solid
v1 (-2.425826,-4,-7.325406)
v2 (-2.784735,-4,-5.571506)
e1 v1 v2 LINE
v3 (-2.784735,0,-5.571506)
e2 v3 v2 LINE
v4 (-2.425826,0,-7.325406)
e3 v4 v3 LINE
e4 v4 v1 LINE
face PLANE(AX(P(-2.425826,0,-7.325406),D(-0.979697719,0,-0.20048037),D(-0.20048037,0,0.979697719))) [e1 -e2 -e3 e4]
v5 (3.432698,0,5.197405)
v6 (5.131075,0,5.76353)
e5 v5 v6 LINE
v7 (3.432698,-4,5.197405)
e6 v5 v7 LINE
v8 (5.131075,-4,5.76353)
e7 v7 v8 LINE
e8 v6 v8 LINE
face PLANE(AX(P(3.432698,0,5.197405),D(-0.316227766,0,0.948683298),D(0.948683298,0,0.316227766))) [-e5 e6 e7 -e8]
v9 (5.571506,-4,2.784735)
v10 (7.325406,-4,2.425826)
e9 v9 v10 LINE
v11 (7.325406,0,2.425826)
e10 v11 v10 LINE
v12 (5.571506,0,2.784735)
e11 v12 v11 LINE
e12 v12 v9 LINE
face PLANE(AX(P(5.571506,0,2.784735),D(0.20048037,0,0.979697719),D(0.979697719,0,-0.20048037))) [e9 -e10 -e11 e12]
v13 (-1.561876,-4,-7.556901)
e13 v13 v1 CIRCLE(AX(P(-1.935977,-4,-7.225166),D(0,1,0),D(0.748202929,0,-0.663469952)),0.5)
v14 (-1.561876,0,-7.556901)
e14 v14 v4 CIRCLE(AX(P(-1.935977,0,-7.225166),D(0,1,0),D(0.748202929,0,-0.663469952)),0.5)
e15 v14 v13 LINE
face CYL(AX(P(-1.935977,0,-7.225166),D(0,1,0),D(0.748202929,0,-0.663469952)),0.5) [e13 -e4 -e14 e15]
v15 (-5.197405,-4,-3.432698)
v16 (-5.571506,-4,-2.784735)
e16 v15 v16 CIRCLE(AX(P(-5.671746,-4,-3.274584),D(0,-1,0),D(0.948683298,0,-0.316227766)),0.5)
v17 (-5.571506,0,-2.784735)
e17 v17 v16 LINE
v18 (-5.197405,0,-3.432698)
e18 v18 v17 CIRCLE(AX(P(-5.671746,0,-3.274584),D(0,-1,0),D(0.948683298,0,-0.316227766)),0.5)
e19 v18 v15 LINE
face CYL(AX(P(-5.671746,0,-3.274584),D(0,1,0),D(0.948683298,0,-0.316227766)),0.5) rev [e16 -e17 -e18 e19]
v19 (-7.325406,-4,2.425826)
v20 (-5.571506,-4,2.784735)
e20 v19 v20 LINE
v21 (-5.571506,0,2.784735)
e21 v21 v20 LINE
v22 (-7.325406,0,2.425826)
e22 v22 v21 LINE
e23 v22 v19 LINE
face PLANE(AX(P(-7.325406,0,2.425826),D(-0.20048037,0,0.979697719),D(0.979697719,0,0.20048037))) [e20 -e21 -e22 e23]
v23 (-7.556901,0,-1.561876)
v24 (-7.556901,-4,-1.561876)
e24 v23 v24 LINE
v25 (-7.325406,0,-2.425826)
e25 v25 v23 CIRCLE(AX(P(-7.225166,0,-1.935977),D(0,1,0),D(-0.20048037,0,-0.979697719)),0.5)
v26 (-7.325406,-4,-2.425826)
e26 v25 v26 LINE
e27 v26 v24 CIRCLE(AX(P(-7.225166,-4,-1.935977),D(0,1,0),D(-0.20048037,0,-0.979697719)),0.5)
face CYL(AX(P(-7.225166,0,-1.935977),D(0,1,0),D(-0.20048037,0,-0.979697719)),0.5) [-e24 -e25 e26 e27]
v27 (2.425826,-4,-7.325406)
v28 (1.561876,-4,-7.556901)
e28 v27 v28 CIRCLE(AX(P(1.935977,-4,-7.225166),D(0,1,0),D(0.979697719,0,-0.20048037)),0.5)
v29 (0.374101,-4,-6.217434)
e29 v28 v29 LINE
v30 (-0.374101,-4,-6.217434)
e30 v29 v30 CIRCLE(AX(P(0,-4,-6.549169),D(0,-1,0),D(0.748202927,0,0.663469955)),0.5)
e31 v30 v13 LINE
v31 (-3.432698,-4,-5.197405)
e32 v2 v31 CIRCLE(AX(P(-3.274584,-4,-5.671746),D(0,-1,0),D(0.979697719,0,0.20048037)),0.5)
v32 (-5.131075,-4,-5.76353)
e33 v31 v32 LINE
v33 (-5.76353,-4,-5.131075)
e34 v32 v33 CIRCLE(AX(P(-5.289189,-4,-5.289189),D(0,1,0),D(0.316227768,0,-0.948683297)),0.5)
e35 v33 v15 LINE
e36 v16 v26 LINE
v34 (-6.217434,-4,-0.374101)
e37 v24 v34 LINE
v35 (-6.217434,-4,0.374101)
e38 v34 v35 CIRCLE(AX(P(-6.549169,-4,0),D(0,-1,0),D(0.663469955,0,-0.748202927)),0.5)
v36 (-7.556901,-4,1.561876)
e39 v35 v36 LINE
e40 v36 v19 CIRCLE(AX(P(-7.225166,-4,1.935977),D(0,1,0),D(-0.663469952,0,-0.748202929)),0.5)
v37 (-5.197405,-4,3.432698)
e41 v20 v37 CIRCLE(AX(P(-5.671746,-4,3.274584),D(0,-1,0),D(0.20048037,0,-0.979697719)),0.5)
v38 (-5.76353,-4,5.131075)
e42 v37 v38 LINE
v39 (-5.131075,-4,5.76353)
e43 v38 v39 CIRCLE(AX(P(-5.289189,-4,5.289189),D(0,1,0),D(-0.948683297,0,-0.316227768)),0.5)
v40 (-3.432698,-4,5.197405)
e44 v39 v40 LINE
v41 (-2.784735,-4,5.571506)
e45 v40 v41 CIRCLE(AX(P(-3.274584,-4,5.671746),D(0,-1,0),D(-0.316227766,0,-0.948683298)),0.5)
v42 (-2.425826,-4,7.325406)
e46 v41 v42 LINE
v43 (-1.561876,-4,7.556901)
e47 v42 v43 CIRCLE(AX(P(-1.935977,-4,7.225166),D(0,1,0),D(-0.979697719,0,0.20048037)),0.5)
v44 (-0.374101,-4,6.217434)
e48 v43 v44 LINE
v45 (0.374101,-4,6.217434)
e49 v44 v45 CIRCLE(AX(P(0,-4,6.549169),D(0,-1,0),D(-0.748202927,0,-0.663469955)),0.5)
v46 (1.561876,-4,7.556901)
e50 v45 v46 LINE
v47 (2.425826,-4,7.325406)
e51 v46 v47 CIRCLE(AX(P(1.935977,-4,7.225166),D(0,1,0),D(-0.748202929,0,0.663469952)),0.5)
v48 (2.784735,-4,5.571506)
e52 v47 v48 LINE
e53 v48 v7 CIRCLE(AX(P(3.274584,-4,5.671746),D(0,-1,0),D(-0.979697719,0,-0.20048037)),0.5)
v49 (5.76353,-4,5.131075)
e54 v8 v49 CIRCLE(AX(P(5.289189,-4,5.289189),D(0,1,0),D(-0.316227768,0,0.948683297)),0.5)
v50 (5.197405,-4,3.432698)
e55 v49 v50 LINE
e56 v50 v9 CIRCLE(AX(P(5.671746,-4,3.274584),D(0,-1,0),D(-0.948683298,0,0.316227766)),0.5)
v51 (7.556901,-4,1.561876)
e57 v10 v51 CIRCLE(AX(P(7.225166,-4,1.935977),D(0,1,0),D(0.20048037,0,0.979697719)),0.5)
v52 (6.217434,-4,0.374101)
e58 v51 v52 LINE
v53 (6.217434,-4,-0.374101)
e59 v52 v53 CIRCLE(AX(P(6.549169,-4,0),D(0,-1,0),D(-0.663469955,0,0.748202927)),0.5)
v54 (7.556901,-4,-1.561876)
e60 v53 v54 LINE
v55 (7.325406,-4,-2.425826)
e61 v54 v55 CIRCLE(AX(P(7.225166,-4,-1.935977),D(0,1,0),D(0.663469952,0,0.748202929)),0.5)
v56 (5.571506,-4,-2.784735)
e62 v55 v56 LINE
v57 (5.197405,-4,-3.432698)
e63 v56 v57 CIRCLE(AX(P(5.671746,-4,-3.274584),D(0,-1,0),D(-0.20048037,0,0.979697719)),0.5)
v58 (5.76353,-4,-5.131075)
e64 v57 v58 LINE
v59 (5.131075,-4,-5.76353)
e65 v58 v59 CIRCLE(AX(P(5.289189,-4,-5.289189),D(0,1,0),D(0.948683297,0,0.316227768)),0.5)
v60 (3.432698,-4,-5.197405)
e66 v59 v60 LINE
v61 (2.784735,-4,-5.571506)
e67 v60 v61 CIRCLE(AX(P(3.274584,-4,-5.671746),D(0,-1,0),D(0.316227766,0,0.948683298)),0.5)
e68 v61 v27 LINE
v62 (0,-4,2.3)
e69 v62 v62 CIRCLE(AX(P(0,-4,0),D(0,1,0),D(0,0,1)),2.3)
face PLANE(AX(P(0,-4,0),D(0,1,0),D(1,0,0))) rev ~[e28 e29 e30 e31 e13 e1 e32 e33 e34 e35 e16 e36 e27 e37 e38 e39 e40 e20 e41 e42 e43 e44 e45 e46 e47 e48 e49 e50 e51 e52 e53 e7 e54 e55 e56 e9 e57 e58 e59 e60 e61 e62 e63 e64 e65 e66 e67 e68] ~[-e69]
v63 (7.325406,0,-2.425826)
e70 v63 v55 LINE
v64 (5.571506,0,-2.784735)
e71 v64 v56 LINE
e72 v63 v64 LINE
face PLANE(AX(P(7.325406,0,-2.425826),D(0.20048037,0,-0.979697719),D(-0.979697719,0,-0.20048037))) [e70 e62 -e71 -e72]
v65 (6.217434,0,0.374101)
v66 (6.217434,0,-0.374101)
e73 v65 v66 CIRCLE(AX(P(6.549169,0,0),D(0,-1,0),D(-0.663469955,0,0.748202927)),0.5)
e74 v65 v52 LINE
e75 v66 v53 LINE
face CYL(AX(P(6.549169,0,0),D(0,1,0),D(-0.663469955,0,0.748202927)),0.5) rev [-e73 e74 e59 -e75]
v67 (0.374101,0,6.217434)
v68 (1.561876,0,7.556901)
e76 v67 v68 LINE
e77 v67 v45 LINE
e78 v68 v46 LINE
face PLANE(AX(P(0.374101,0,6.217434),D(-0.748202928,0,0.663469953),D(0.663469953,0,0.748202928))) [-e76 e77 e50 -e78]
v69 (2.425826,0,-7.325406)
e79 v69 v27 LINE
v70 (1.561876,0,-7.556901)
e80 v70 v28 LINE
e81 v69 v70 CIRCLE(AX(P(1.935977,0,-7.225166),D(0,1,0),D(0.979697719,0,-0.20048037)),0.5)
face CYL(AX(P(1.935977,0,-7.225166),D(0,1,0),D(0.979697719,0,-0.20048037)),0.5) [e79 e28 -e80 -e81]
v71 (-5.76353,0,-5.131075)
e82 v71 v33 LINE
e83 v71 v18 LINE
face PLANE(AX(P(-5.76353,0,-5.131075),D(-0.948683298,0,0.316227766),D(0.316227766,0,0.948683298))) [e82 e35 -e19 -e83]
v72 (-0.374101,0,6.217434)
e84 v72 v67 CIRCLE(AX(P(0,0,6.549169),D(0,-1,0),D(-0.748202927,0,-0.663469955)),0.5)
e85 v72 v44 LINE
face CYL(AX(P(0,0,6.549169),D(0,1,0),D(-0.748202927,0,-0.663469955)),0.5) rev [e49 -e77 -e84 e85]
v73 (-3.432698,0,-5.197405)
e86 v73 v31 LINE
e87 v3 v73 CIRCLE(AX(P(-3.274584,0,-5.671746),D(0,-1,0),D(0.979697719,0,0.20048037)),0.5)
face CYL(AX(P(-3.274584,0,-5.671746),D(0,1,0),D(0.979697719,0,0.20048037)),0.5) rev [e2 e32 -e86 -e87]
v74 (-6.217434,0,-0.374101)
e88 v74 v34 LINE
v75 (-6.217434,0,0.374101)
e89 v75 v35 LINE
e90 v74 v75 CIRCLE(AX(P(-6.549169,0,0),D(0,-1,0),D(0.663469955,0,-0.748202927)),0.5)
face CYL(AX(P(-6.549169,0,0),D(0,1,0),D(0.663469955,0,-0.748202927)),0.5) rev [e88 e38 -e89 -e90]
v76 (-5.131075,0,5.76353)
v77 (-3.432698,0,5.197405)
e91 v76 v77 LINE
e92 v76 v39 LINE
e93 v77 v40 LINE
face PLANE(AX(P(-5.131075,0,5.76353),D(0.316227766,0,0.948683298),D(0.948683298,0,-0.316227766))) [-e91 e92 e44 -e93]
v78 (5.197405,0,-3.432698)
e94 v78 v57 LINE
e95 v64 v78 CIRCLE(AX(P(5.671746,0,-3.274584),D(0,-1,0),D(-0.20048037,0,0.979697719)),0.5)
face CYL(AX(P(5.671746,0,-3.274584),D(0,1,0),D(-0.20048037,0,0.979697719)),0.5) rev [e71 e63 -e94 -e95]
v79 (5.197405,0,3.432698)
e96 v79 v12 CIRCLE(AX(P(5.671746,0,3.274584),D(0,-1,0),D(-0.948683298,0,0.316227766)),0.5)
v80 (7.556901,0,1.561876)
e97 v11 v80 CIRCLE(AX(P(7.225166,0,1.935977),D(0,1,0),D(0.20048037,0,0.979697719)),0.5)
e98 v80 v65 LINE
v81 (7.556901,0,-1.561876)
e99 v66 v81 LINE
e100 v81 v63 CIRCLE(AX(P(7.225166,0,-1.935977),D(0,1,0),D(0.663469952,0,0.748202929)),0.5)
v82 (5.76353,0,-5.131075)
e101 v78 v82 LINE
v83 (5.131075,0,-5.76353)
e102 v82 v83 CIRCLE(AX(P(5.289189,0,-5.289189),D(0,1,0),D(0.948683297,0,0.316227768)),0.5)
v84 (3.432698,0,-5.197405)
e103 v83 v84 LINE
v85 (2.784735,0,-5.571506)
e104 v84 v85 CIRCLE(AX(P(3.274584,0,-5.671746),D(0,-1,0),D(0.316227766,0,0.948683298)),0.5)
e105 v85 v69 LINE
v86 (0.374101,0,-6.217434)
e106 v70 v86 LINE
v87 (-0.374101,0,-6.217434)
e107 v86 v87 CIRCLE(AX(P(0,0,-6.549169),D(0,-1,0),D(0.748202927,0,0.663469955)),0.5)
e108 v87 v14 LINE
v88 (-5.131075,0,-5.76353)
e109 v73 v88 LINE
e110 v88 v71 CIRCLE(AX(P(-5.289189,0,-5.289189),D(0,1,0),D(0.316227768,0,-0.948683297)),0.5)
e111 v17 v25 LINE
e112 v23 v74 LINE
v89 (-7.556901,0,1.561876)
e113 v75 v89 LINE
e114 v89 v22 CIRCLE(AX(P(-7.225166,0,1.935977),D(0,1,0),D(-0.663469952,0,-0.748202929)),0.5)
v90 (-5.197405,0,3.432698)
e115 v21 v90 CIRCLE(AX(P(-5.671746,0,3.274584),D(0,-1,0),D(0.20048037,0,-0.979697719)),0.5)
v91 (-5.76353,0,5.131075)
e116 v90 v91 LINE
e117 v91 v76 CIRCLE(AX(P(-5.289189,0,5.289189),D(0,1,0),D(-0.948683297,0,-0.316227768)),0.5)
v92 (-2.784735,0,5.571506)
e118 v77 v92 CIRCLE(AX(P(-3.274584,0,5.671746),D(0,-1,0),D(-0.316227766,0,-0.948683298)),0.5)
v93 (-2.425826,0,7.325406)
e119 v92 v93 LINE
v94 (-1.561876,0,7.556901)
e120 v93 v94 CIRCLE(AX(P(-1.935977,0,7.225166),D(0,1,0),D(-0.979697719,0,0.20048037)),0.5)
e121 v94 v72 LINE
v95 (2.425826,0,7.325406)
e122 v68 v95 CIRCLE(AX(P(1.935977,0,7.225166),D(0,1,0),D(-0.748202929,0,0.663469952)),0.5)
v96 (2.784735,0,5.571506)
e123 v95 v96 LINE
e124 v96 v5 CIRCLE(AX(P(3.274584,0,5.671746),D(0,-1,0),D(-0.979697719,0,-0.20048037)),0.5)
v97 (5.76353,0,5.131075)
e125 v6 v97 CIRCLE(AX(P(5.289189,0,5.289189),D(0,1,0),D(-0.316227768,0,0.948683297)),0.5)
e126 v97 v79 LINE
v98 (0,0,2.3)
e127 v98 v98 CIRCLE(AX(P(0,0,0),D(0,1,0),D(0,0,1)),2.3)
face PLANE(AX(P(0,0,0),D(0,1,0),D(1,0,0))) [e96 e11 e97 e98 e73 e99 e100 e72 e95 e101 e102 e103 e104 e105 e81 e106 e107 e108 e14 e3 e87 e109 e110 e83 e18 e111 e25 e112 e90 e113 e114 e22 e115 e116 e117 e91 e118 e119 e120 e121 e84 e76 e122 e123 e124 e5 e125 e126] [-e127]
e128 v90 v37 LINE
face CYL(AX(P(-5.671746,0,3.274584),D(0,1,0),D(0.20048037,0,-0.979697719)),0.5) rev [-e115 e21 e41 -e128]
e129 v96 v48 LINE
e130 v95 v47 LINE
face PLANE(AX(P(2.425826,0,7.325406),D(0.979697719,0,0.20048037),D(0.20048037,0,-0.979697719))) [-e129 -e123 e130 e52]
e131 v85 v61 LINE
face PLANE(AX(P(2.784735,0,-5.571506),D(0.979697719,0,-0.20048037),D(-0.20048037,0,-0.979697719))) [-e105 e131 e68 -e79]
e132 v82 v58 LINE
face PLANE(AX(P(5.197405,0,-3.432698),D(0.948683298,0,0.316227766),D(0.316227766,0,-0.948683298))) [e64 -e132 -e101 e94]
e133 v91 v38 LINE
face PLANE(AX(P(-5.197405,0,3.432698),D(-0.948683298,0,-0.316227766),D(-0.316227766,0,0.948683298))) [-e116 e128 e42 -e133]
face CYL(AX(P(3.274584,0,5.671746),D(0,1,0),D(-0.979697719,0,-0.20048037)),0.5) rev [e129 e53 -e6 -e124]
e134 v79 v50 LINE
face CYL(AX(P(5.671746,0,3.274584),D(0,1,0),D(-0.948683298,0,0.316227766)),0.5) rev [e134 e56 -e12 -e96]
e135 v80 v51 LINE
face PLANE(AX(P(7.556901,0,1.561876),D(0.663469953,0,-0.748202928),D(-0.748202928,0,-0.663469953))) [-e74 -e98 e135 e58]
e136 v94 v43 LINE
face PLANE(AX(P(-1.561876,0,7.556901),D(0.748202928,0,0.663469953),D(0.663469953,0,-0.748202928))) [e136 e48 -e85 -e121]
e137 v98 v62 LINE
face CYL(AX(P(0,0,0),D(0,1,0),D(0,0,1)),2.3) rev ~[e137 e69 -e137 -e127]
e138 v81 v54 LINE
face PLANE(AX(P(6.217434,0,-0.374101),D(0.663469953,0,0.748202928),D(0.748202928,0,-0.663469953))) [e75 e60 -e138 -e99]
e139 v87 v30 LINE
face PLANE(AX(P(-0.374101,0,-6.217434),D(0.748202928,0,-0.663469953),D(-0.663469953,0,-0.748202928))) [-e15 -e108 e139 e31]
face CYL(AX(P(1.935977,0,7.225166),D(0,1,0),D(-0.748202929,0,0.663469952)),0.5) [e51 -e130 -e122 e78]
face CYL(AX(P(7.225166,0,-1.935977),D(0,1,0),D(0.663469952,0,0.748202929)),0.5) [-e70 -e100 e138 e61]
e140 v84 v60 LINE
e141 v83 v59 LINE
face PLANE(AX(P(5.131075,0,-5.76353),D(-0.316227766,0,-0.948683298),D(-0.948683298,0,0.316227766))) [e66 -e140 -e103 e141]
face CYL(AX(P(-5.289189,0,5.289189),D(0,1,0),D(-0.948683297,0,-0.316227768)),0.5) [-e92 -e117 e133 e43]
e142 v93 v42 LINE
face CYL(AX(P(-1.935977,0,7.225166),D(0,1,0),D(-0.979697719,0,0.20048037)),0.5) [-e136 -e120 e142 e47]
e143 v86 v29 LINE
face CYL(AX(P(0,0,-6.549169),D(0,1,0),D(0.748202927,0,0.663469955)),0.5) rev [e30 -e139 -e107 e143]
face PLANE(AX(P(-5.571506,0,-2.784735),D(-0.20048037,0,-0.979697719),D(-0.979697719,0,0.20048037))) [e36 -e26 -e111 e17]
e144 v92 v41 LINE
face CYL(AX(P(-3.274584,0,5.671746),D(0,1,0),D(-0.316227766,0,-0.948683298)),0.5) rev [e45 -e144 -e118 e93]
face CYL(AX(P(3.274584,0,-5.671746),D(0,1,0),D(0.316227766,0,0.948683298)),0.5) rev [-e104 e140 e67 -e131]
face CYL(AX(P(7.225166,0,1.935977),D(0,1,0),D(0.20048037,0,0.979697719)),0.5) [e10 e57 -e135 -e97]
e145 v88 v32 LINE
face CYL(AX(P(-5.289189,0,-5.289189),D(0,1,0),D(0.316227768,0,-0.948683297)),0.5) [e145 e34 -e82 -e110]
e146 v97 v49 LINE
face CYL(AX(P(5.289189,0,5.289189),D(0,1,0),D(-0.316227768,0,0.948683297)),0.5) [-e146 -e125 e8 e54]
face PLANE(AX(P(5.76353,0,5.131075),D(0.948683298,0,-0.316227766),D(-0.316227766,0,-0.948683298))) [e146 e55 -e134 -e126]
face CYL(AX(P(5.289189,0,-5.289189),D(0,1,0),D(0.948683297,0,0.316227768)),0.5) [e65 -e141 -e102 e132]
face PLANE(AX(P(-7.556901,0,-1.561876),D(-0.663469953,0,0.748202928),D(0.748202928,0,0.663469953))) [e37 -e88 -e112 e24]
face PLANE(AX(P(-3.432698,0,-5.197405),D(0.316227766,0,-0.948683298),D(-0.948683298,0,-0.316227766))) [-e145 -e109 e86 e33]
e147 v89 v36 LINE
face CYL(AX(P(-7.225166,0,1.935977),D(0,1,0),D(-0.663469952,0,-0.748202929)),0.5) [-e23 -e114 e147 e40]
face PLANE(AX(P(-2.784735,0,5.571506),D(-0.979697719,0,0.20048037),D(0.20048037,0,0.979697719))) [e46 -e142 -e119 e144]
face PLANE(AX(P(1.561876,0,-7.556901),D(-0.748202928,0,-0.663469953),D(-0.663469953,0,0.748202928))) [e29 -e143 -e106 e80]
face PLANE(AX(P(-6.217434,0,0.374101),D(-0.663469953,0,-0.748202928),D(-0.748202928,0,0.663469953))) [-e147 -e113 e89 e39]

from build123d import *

# Parameters (mm, degrees)
SKETCH2_R           = 2.3
BOSS_EXTRUDE1_DEPTH = 4


with BuildPart() as part:
    # Sketch2 → Boss-Extrude1 (new body)
    with BuildSketch(Plane(origin=(0, 0, 0), x_dir=(1, 0, 0), z_dir=(0, 1, 0))):
        with BuildLine():
            Line((-2.784735434, -5.571506186), (-2.425826245, -7.32540615))
            ThreePointArc((-2.425826245, -7.32540615), (-2.065386908, -7.708128878), (-1.561875921, -7.556900941))
            Line((-1.561875921, -7.556900941), (-0.374101464, -6.217433611))
            ThreePointArc((-0.374101464, -6.217433611), (0, -6.049168588), (0.374101464, -6.217433611))
            Line((0.374101464, -6.217433611), (1.561875921, -7.556900941))
            ThreePointArc((1.561875921, -7.556900941), (2.065386908, -7.708128878), (2.425826245, -7.32540615))
            Line((2.425826245, -7.32540615), (2.784735434, -5.571506186))
            ThreePointArc((2.784735434, -5.571506186), (3.024584294, -5.238733669), (3.432698177, -5.197404722))
            Line((3.432698177, -5.197404722), (5.131074696, -5.763530228))
            ThreePointArc((5.131074696, -5.763530228), (5.64274197, -5.64274197), (5.763530228, -5.131074696))
            Line((5.763530228, -5.131074696), (5.197404722, -3.432698177))
            ThreePointArc((5.197404722, -3.432698177), (5.238733669, -3.024584294), (5.571506186, -2.784735434))
            Line((5.571506186, -2.784735434), (7.32540615, -2.425826245))
            ThreePointArc((7.32540615, -2.425826245), (7.708128878, -2.065386908), (7.556900941, -1.561875921))
            Line((7.556900941, -1.561875921), (6.217433611, -0.374101464))
            ThreePointArc((6.217433611, -0.374101464), (6.049168588, 0), (6.217433611, 0.374101464))
            Line((6.217433611, 0.374101464), (7.556900941, 1.561875921))
            ThreePointArc((7.556900941, 1.561875921), (7.708128878, 2.065386908), (7.32540615, 2.425826245))
            Line((7.32540615, 2.425826245), (5.571506186, 2.784735434))
            ThreePointArc((5.571506186, 2.784735434), (5.238733669, 3.024584294), (5.197404722, 3.432698177))
            Line((5.197404722, 3.432698177), (5.763530228, 5.131074696))
            ThreePointArc((5.763530228, 5.131074696), (5.64274197, 5.64274197), (5.131074696, 5.763530228))
            Line((5.131074696, 5.763530228), (3.432698177, 5.197404722))
            ThreePointArc((3.432698177, 5.197404722), (3.024584294, 5.238733669), (2.784735434, 5.571506186))
            Line((2.784735434, 5.571506186), (2.425826245, 7.32540615))
            ThreePointArc((2.425826245, 7.32540615), (2.065386908, 7.708128878), (1.561875921, 7.556900941))
            Line((1.561875921, 7.556900941), (0.374101464, 6.217433611))
            ThreePointArc((0.374101464, 6.217433611), (0, 6.049168588), (-0.374101464, 6.217433611))
            Line((-0.374101464, 6.217433611), (-1.561875921, 7.556900941))
            ThreePointArc((-1.561875921, 7.556900941), (-2.065386908, 7.708128878), (-2.425826245, 7.32540615))
            Line((-2.425826245, 7.32540615), (-2.784735434, 5.571506186))
            ThreePointArc((-2.784735434, 5.571506186), (-3.024584294, 5.238733669), (-3.432698177, 5.197404722))
            Line((-3.432698177, 5.197404722), (-5.131074696, 5.763530228))
            ThreePointArc((-5.131074696, 5.763530228), (-5.64274197, 5.64274197), (-5.763530228, 5.131074696))
            Line((-5.763530228, 5.131074696), (-5.197404722, 3.432698177))
            ThreePointArc((-5.197404722, 3.432698177), (-5.238733669, 3.024584294), (-5.571506186, 2.784735434))
            Line((-5.571506186, 2.784735434), (-7.32540615, 2.425826245))
            ThreePointArc((-7.32540615, 2.425826245), (-7.708128878, 2.065386908), (-7.556900941, 1.561875921))
            Line((-7.556900941, 1.561875921), (-6.217433611, 0.374101464))
            ThreePointArc((-6.217433611, 0.374101464), (-6.049168588, 0), (-6.217433611, -0.374101464))
            Line((-6.217433611, -0.374101464), (-7.556900941, -1.561875921))
            ThreePointArc((-7.556900941, -1.561875921), (-7.708128878, -2.065386908), (-7.32540615, -2.425826245))
            Line((-7.32540615, -2.425826245), (-5.571506186, -2.784735434))
            ThreePointArc((-5.571506186, -2.784735434), (-5.238733669, -3.024584294), (-5.197404722, -3.432698177))
            Line((-5.197404722, -3.432698177), (-5.763530228, -5.131074696))
            ThreePointArc((-5.763530228, -5.131074696), (-5.64274197, -5.64274197), (-5.131074696, -5.763530228))
            Line((-5.131074696, -5.763530228), (-3.432698177, -5.197404722))
            ThreePointArc((-3.432698177, -5.197404722), (-3.024584294, -5.238733669), (-2.784735434, -5.571506186))
        make_face()
        with Locations(Location((0, 0, 0), (0, 0, 270))):
            Circle(SKETCH2_R, mode=Mode.SUBTRACT)
    extrude(amount=-BOSS_EXTRUDE1_DEPTH)


solid = part.part
